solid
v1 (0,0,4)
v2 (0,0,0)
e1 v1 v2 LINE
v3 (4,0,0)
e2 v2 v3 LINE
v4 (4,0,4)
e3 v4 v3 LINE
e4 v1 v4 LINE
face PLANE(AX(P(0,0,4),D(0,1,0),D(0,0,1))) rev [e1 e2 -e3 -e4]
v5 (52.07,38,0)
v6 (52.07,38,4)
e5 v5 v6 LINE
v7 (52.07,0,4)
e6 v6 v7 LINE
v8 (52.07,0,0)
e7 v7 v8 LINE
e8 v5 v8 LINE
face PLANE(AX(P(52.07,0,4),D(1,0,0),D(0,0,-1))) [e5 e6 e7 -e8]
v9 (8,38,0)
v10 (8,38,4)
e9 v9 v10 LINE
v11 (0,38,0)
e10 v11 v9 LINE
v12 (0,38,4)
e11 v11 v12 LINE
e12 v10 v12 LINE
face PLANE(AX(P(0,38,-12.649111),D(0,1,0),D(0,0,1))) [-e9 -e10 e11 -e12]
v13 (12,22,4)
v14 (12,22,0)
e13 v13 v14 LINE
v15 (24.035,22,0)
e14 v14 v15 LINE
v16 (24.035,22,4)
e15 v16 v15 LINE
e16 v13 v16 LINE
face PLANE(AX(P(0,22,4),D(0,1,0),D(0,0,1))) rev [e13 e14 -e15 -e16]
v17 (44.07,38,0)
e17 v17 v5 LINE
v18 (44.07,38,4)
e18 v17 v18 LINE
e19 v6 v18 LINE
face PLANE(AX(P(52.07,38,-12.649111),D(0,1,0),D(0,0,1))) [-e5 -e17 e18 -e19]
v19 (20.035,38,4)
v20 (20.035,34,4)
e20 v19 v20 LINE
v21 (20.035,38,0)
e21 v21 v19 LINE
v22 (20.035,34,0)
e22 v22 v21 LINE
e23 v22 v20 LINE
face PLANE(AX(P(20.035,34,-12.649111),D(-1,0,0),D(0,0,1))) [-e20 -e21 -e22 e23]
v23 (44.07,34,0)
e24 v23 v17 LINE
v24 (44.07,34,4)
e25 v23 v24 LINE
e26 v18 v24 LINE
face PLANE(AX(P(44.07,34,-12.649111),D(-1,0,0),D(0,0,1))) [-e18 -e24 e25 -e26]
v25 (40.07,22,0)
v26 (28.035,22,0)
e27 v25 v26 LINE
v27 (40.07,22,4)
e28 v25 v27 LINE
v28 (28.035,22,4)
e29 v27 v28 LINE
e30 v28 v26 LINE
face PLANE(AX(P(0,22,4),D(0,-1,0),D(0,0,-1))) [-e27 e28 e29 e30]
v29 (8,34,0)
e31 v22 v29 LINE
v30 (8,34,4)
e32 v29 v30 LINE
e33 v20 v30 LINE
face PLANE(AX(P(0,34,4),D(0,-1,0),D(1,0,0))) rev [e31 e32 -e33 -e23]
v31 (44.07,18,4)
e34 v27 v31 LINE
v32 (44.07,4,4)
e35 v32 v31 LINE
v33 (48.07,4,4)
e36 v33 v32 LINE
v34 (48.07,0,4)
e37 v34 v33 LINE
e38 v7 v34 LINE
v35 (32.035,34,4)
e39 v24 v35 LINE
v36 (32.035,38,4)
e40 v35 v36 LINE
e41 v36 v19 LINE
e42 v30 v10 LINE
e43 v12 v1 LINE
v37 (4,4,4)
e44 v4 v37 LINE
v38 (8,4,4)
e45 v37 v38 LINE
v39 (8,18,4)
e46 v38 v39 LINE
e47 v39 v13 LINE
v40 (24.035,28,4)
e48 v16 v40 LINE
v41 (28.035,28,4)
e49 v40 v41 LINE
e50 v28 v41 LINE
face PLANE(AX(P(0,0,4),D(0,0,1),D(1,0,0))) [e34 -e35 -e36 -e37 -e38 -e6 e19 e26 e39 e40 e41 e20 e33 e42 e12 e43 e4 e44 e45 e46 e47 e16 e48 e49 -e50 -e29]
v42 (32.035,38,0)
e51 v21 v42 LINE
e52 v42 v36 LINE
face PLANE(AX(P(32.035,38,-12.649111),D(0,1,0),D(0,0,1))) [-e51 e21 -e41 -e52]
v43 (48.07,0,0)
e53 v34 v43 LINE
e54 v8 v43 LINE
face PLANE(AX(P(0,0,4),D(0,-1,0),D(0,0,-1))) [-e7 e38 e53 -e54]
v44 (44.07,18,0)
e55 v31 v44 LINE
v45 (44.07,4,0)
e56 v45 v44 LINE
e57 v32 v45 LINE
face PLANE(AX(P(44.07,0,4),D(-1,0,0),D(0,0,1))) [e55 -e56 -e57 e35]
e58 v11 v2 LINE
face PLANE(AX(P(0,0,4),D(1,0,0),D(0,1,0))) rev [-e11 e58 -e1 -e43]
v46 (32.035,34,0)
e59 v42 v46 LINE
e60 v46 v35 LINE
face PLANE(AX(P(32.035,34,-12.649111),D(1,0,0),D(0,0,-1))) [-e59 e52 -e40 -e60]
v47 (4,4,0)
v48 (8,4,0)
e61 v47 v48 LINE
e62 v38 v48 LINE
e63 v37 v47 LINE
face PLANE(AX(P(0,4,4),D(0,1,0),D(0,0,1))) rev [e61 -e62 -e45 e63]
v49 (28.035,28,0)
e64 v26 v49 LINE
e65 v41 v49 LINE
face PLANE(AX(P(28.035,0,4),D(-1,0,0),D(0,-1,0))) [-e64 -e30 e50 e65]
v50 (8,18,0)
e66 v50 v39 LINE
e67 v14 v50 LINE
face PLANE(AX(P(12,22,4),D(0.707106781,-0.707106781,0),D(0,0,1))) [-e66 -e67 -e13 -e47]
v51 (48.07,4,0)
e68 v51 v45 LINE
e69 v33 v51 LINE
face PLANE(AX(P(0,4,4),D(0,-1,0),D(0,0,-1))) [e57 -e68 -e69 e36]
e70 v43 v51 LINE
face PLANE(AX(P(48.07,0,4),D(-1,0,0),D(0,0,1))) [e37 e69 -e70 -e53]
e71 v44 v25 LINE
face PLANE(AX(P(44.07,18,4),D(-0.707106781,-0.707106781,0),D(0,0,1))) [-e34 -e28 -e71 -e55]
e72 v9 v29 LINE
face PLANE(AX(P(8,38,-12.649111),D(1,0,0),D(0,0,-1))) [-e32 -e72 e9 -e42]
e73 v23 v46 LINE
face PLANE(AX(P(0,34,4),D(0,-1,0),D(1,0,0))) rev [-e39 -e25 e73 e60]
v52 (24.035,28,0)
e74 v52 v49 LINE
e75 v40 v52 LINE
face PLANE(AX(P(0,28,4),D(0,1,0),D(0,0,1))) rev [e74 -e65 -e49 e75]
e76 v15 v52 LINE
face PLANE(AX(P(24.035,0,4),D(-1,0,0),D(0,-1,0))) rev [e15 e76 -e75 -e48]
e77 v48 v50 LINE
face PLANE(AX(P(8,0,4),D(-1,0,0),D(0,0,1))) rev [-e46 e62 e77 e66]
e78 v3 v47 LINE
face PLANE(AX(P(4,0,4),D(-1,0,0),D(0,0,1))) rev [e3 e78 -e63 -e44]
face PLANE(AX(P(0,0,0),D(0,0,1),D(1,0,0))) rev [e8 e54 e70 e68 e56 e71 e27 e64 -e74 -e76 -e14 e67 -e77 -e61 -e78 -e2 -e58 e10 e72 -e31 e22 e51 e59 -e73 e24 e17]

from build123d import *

# Parameters (mm, degrees)
BOSS_EXTRUDE1_DEPTH = 4
CHAMFER1_SIZE       = 4
SKETCH2_W           = 8
SKETCH2_H           = 4
SKETCH2_W_2         = 12
BOSS_EXTRUDE2_DEPTH = 4


with BuildPart() as part:
    # Sketch1 → Boss-Extrude1 (new body)
    with BuildSketch(Plane.XY):
        Polygon((0, 34), (0, 0), (4, 0), (4, 4), (8, 4), (8, 22), (24.035, 22), (24.035, 28), (26.035, 28), (26.035, 34), align=None)
        Polygon((52.07, 34), (26.035, 34), (26.035, 28), (28.035, 28), (28.035, 22), (44.07, 22), (44.07, 4), (48.07, 4), (48.07, 0), (52.07, 0), align=None)
    extrude(amount=BOSS_EXTRUDE1_DEPTH)

    # Chamfer1
    chamfer1_edges = [part.edges().sort_by_distance(p)[0] for p in [
        (44.07, 22, 2),
        (8, 22, 2),
    ]]
    chamfer(chamfer1_edges, length=CHAMFER1_SIZE)

    # Sketch2 → Boss-Extrude2 (add)
    with BuildSketch(Plane.XY.offset(4)):
        with Locations((4, 36)):
            Rectangle(SKETCH2_W, SKETCH2_H)
        with Locations((48.07, 36)):
            Rectangle(SKETCH2_W, SKETCH2_H)
        with Locations((26.035, 36)):
            Rectangle(SKETCH2_W_2, SKETCH2_H)
    extrude(amount=-BOSS_EXTRUDE2_DEPTH)


solid = part.part
